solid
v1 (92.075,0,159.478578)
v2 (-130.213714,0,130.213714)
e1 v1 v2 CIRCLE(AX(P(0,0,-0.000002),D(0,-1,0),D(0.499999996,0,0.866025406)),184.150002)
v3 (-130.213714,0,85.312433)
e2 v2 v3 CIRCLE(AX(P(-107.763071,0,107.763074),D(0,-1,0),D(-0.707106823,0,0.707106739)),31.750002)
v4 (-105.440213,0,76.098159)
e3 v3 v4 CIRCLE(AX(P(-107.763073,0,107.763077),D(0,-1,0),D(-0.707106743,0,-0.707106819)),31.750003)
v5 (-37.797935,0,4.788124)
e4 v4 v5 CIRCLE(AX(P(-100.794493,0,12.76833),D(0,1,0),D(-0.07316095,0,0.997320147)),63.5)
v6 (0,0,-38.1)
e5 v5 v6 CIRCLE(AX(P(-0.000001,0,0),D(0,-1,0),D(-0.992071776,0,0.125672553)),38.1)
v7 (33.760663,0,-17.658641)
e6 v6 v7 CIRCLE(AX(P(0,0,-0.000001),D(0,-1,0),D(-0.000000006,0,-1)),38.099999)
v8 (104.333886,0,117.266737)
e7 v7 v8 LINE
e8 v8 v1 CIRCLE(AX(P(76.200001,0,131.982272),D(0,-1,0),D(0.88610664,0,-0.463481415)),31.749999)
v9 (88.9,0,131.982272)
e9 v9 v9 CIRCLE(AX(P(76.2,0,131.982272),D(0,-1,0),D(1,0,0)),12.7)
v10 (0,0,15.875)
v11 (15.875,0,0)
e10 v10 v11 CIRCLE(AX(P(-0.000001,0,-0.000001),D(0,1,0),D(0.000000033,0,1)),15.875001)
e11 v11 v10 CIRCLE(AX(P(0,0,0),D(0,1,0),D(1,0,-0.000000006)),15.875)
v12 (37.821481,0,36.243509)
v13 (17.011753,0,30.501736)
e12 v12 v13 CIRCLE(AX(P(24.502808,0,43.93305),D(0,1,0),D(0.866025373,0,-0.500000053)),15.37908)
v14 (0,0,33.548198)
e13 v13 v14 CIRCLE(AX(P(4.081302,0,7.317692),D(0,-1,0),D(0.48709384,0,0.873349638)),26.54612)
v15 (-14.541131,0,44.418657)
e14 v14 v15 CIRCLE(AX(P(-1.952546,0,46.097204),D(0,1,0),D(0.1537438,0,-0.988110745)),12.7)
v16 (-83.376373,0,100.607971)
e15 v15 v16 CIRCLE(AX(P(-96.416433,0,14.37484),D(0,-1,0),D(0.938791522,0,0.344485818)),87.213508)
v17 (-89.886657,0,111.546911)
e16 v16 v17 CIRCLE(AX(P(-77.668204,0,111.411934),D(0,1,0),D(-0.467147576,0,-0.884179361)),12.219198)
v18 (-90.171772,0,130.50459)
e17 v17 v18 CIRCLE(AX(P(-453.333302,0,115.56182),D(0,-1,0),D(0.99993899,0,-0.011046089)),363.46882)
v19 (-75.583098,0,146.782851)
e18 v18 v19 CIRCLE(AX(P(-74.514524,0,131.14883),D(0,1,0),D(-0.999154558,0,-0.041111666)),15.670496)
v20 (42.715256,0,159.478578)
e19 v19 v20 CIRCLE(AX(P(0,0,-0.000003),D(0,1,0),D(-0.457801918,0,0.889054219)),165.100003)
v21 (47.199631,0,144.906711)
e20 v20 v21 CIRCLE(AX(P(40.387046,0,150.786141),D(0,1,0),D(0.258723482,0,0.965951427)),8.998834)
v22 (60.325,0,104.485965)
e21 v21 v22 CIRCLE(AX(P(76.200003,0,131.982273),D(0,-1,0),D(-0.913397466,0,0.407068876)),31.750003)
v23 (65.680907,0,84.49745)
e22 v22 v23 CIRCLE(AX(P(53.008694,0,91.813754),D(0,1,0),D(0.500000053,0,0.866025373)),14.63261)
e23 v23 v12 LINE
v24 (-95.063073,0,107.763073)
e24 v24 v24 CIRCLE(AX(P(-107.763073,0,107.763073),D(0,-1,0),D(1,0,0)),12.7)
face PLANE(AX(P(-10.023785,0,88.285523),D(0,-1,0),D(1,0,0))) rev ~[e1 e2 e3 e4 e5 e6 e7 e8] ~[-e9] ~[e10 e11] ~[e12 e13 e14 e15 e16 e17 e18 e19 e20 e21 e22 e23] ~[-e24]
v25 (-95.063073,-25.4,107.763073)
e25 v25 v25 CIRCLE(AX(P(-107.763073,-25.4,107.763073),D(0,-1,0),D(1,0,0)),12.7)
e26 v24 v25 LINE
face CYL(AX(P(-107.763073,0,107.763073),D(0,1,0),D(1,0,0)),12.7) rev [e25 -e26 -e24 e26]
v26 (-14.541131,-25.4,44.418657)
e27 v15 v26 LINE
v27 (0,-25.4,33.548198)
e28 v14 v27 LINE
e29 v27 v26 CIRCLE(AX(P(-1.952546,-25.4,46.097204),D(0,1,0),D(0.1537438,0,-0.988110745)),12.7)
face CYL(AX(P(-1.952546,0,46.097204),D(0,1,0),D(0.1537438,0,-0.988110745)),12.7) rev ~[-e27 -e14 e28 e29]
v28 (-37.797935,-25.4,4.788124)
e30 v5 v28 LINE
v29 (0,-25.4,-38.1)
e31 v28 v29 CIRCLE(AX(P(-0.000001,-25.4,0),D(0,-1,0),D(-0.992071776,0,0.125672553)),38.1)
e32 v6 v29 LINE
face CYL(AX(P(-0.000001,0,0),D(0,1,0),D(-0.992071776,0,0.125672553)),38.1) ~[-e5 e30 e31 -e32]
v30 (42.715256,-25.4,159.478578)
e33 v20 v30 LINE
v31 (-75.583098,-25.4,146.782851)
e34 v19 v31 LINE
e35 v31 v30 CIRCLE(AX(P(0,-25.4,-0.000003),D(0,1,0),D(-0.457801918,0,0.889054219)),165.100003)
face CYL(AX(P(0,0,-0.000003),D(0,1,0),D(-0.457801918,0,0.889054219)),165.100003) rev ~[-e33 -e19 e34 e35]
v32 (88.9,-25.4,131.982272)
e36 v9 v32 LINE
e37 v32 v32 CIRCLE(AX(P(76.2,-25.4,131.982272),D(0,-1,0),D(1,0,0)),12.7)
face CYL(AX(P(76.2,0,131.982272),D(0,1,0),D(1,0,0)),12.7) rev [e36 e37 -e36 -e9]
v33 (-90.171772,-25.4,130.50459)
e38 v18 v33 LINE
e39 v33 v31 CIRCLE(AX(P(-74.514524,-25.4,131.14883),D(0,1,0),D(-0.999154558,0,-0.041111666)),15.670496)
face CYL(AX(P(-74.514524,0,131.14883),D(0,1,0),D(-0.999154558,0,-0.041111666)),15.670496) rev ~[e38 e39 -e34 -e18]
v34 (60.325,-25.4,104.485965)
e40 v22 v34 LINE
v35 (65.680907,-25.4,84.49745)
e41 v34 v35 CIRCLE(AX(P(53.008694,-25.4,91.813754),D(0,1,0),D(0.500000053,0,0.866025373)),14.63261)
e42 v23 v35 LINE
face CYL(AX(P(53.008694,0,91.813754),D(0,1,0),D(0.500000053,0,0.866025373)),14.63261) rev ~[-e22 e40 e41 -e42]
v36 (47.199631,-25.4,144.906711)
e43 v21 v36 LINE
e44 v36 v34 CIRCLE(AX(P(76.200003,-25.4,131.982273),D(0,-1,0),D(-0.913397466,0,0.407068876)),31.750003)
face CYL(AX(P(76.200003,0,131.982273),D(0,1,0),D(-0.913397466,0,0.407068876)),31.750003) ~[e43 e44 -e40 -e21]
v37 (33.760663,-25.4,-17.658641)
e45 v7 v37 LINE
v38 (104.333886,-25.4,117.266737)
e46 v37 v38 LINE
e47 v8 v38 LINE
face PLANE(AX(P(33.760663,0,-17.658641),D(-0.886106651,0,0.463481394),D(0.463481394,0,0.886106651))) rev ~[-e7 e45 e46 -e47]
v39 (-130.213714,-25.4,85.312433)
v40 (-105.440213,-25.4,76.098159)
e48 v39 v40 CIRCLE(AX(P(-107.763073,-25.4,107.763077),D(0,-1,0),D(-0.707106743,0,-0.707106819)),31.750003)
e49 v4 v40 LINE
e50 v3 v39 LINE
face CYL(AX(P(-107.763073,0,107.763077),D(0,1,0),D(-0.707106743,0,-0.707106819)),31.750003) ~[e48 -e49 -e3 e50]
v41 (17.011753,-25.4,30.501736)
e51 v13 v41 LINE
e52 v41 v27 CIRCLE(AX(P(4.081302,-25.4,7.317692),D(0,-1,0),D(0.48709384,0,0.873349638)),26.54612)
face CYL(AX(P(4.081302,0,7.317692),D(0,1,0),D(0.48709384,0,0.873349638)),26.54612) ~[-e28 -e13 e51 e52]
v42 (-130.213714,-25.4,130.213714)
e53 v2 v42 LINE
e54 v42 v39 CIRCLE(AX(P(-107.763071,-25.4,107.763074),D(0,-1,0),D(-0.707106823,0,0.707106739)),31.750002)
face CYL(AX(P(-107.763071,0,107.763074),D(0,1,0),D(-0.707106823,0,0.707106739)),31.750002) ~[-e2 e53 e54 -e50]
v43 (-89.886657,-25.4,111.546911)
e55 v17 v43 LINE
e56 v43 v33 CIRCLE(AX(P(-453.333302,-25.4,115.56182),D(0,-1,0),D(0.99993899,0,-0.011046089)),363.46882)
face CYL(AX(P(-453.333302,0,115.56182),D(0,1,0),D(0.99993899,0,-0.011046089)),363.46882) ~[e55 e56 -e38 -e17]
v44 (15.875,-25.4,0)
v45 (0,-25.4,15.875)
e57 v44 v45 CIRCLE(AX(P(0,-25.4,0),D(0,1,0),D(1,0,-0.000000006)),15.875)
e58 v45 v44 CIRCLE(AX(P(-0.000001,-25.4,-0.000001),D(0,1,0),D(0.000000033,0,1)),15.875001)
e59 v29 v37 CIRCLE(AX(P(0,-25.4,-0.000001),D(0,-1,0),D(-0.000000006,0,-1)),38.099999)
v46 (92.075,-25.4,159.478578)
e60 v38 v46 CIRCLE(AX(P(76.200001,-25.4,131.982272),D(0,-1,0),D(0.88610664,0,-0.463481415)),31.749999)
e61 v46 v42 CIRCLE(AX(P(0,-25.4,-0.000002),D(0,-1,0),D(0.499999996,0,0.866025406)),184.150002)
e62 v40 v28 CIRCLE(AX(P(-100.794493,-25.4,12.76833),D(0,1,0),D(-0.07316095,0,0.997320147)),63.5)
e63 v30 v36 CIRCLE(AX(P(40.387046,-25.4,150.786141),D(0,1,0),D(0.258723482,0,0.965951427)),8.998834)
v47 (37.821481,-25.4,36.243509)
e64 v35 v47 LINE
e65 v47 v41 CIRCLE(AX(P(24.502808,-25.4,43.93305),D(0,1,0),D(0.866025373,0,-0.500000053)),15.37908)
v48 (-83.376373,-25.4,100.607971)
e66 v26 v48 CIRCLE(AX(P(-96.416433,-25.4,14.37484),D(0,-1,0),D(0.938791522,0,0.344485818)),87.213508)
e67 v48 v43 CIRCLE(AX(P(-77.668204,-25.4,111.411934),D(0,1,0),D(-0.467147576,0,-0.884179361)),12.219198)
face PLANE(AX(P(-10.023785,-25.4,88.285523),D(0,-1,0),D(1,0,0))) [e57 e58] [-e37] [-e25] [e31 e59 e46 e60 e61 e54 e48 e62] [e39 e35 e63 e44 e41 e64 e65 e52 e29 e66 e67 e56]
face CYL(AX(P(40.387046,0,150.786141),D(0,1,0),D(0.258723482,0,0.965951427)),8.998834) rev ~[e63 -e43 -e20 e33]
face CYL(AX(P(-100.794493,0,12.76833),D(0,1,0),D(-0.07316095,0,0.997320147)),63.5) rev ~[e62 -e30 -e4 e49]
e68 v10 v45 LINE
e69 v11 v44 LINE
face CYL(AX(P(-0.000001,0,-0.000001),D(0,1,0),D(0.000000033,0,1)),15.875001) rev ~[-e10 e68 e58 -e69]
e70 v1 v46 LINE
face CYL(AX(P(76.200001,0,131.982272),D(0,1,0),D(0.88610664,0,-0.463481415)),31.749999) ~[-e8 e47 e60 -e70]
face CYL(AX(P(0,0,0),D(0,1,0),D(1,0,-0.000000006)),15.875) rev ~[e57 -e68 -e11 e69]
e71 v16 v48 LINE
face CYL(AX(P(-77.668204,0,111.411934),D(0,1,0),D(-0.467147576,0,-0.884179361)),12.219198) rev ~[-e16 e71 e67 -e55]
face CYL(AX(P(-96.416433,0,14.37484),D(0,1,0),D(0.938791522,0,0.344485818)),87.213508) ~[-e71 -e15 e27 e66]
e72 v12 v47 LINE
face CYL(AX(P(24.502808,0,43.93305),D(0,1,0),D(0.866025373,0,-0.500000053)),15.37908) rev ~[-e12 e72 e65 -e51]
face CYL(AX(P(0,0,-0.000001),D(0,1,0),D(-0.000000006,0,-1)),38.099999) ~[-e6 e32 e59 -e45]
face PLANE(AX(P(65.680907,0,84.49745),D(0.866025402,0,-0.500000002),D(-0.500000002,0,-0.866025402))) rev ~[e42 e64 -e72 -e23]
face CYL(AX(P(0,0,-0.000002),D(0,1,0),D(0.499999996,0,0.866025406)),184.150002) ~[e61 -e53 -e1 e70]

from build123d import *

# Parameters (mm, degrees)
F0_R     = 12.7
F1_DEPTH = 25.4


with BuildPart() as f1:
    # F0 (on Front) → F1 (new body)
    with BuildSketch(Plane.XZ):
        with BuildLine():
            ThreePointArc((-105.440213, 76.098159), (-54.724054, 56.469184), (-37.797935, 4.788124))
            ThreePointArc((-37.797935, 4.788124), (-28.58354, -25.191095), (0, -38.1))
            ThreePointArc((0, -38.1), (19.733421, -32.591442), (33.760663, -17.658641))
            Line((33.760663, -17.658641), (104.333886, 117.266737))
            ThreePointArc((104.333886, 117.266737), (106.690251, 140.83705), (92.075, 159.478578))
            ThreePointArc((92.075, 159.478578), (-24.036398, 182.574571), (-130.213714, 130.213714))
            ThreePointArc((-130.213714, 130.213714), (-139.513073, 107.763073), (-130.213714, 85.312433))
            ThreePointArc((-130.213714, 85.312433), (-118.831388, 78.004799), (-105.440213, 76.098159))
        make_face()
        with BuildLine():
            ThreePointArc((0, 15.875), (11.22532, 11.22532), (15.875, 0))
            ThreePointArc((15.875, 0), (-11.22532, -11.22532), (0, 15.875))
        make_face(mode=Mode.SUBTRACT)
        with Locations((-107.763073, 107.763073)):
            Circle(F0_R, mode=Mode.SUBTRACT)
        with BuildLine():
            ThreePointArc((17.011753, 30.501736), (8.760735, 33.448122), (0, 33.548198))
            ThreePointArc((0, 33.548198), (-9.556693, 35.925334), (-14.541131, 44.418657))
            ThreePointArc((-14.541131, 44.418657), (-41.266263, 81.937069), (-83.376373, 100.607971))
            ThreePointArc((-83.376373, 100.607971), (-88.168492, 105.162713), (-89.886657, 111.546911))
            ThreePointArc((-89.886657, 111.546911), (-89.905581, 121.02761), (-90.171772, 130.50459))
            ThreePointArc((-90.171772, 130.50459), (-86.184302, 141.607355), (-75.583098, 146.782851))
            ThreePointArc((-75.583098, 146.782851), (-17.617296, 164.157366), (42.715256, 159.478578))
            ThreePointArc((42.715256, 159.478578), (48.987823, 153.432961), (47.199631, 144.906711))
            ThreePointArc((47.199631, 144.906711), (46.002172, 122.176475), (60.325, 104.485965))
            ThreePointArc((60.325, 104.485965), (67.14271, 95.600952), (65.680907, 84.49745))
            Line((65.680907, 84.49745), (37.821481, 36.243509))
            ThreePointArc((37.821481, 36.243509), (28.593318, 29.107942), (17.011753, 30.501736))
        make_face(mode=Mode.SUBTRACT)
        with Locations((76.2, 131.982272)):
            Circle(F0_R, mode=Mode.SUBTRACT)
    extrude(amount=F1_DEPTH)


solid = f1.part
